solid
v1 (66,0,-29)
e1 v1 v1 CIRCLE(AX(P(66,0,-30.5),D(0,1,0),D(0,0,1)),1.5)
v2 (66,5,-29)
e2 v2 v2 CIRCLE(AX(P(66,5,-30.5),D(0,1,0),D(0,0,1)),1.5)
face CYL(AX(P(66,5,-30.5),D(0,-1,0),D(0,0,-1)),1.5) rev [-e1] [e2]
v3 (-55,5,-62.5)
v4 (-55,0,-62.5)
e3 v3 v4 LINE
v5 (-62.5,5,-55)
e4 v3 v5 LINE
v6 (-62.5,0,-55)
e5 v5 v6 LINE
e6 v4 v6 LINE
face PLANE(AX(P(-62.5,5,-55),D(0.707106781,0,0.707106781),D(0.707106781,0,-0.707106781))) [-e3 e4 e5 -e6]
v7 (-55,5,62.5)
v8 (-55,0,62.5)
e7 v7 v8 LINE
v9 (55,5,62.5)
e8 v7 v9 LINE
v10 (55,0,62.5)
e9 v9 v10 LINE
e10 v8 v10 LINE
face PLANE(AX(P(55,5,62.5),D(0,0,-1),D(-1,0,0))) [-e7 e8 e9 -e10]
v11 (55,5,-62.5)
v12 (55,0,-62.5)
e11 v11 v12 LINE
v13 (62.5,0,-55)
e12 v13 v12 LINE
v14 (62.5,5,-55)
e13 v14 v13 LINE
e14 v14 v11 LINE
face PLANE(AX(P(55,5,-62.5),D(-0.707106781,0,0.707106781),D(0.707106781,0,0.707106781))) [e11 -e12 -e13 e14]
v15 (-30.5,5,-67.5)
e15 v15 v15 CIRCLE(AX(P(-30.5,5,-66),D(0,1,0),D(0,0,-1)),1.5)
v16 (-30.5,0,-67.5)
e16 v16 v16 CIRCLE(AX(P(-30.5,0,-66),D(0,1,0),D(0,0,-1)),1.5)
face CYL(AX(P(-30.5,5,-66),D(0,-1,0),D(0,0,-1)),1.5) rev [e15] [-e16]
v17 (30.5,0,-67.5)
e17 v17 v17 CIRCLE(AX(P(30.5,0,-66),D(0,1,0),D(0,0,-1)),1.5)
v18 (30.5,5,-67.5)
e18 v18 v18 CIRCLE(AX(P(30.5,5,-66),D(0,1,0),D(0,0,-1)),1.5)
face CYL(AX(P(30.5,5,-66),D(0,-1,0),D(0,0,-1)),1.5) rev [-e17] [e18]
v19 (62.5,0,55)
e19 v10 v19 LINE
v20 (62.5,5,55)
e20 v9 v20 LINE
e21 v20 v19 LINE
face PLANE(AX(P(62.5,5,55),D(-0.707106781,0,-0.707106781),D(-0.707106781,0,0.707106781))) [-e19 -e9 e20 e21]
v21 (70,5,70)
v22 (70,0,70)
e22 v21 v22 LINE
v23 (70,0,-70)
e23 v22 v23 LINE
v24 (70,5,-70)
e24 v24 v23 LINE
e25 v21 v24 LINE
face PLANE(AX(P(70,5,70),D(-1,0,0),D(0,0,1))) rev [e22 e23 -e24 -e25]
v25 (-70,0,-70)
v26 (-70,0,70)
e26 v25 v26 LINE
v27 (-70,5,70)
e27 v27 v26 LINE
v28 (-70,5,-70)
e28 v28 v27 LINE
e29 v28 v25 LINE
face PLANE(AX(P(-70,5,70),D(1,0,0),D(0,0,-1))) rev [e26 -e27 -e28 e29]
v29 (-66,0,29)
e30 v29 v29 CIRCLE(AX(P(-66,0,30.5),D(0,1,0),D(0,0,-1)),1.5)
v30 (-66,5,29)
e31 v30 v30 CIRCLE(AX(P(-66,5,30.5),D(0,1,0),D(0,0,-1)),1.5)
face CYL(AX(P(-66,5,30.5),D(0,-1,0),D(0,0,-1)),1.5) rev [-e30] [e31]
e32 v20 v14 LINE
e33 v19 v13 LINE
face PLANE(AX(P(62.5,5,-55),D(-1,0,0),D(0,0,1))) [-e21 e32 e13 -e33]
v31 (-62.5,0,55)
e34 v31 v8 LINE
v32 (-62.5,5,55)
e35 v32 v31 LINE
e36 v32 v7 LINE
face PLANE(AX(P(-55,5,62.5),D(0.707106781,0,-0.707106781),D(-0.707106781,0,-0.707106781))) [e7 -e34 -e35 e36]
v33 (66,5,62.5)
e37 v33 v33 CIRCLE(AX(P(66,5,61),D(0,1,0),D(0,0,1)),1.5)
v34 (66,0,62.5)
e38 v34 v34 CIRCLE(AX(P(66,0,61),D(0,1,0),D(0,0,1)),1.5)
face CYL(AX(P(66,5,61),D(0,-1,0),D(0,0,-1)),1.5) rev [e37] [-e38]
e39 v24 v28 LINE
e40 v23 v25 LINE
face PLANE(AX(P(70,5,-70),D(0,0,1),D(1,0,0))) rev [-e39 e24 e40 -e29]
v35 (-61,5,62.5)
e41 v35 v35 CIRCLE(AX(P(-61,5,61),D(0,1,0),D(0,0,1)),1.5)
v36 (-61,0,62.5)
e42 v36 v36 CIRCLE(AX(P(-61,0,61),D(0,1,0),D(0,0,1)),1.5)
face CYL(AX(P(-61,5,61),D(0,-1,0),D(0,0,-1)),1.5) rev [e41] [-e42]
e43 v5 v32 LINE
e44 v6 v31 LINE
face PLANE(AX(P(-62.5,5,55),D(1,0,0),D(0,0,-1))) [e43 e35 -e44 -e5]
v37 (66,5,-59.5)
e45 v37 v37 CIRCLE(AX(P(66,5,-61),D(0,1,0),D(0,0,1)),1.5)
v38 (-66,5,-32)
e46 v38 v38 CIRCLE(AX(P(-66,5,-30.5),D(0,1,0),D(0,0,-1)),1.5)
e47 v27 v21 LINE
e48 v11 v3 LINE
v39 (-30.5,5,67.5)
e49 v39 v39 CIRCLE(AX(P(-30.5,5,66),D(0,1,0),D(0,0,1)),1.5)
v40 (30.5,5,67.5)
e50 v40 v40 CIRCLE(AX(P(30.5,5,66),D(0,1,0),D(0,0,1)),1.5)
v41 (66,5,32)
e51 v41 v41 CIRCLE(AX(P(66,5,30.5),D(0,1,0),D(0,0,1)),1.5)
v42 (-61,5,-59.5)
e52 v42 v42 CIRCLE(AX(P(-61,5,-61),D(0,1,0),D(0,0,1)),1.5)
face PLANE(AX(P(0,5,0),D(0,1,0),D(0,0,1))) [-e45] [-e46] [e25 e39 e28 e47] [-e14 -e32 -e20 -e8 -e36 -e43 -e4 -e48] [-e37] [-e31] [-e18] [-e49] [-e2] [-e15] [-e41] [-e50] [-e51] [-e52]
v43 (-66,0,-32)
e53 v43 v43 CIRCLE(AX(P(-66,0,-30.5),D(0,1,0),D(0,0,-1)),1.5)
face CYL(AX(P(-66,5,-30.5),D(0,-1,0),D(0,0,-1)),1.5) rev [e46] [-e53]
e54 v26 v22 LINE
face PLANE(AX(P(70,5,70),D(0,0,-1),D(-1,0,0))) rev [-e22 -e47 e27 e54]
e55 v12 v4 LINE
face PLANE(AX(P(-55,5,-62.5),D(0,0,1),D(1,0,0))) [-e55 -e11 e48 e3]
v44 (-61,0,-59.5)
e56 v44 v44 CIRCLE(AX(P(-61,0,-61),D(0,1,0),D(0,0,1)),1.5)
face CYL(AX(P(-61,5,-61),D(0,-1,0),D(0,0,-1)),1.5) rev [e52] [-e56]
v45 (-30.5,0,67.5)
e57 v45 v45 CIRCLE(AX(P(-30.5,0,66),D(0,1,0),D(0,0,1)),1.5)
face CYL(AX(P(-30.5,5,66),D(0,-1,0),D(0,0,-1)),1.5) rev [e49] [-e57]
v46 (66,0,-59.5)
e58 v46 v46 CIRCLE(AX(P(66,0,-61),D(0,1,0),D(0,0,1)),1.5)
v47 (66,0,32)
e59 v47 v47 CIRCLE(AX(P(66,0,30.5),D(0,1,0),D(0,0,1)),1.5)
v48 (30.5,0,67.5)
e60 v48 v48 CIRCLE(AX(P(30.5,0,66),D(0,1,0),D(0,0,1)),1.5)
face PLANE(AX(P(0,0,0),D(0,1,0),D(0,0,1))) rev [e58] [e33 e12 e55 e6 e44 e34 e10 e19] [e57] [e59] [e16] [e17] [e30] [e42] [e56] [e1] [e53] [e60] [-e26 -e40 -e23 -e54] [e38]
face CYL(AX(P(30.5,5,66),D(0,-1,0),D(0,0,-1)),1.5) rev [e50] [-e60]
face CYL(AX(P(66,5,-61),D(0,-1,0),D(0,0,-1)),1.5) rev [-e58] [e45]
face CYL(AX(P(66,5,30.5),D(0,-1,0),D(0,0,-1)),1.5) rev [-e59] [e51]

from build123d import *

# Parameters (mm, degrees)
CROQUIS1_W              = 140
CROQUIS1_H              = 140
CROQUIS1_R              = 1.5
SALIENTE_EXTRUIR1_DEPTH = 5


with BuildPart() as part:
    # Croquis1 → Saliente-Extruir1 (new body)
    with BuildSketch(Plane(origin=(0, 0, 0), x_dir=(1, 0, 0), z_dir=(0, 1, 0))):
        Rectangle(CROQUIS1_W, CROQUIS1_H)
        with Locations(Location((-61, 61, 0), (0, 0, 270))):
            Circle(CROQUIS1_R, mode=Mode.SUBTRACT)
        with Locations(Location((66, 61, 0), (0, 0, 270))):
            Circle(CROQUIS1_R, mode=Mode.SUBTRACT)
        with Locations(Location((66, -61, 0), (0, 0, 270))):
            Circle(CROQUIS1_R, mode=Mode.SUBTRACT)
        with Locations(Location((-61, -61, 0), (0, 0, 270))):
            Circle(CROQUIS1_R, mode=Mode.SUBTRACT)
        with Locations(Location((66, 30.5, 0), (0, 0, 270))):
            Circle(CROQUIS1_R, mode=Mode.SUBTRACT)
        with Locations(Location((66, -30.5, 0), (0, 0, 270))):
            Circle(CROQUIS1_R, mode=Mode.SUBTRACT)
        with Locations(Location((-30.5, -66, 0), (0, 0, 270))):
            Circle(CROQUIS1_R, mode=Mode.SUBTRACT)
        with Locations(Location((30.5, -66, 0), (0, 0, 270))):
            Circle(CROQUIS1_R, mode=Mode.SUBTRACT)
        with Locations(Location((-30.5, 66, 0), (0, 0, 90))):
            Circle(CROQUIS1_R, mode=Mode.SUBTRACT)
        with Locations(Location((30.5, 66, 0), (0, 0, 90))):
            Circle(CROQUIS1_R, mode=Mode.SUBTRACT)
        with Locations(Location((-66, 30.5, 0), (0, 0, 90))):
            Circle(CROQUIS1_R, mode=Mode.SUBTRACT)
        with Locations(Location((-66, -30.5, 0), (0, 0, 90))):
            Circle(CROQUIS1_R, mode=Mode.SUBTRACT)
        Polygon((-55, -62.5), (-62.5, -55), (-62.5, 55), (-55, 62.5), (55, 62.5), (62.5, 55), (62.5, -55), (55, -62.5), align=None, mode=Mode.SUBTRACT)
    extrude(amount=SALIENTE_EXTRUIR1_DEPTH)


solid = part.part
